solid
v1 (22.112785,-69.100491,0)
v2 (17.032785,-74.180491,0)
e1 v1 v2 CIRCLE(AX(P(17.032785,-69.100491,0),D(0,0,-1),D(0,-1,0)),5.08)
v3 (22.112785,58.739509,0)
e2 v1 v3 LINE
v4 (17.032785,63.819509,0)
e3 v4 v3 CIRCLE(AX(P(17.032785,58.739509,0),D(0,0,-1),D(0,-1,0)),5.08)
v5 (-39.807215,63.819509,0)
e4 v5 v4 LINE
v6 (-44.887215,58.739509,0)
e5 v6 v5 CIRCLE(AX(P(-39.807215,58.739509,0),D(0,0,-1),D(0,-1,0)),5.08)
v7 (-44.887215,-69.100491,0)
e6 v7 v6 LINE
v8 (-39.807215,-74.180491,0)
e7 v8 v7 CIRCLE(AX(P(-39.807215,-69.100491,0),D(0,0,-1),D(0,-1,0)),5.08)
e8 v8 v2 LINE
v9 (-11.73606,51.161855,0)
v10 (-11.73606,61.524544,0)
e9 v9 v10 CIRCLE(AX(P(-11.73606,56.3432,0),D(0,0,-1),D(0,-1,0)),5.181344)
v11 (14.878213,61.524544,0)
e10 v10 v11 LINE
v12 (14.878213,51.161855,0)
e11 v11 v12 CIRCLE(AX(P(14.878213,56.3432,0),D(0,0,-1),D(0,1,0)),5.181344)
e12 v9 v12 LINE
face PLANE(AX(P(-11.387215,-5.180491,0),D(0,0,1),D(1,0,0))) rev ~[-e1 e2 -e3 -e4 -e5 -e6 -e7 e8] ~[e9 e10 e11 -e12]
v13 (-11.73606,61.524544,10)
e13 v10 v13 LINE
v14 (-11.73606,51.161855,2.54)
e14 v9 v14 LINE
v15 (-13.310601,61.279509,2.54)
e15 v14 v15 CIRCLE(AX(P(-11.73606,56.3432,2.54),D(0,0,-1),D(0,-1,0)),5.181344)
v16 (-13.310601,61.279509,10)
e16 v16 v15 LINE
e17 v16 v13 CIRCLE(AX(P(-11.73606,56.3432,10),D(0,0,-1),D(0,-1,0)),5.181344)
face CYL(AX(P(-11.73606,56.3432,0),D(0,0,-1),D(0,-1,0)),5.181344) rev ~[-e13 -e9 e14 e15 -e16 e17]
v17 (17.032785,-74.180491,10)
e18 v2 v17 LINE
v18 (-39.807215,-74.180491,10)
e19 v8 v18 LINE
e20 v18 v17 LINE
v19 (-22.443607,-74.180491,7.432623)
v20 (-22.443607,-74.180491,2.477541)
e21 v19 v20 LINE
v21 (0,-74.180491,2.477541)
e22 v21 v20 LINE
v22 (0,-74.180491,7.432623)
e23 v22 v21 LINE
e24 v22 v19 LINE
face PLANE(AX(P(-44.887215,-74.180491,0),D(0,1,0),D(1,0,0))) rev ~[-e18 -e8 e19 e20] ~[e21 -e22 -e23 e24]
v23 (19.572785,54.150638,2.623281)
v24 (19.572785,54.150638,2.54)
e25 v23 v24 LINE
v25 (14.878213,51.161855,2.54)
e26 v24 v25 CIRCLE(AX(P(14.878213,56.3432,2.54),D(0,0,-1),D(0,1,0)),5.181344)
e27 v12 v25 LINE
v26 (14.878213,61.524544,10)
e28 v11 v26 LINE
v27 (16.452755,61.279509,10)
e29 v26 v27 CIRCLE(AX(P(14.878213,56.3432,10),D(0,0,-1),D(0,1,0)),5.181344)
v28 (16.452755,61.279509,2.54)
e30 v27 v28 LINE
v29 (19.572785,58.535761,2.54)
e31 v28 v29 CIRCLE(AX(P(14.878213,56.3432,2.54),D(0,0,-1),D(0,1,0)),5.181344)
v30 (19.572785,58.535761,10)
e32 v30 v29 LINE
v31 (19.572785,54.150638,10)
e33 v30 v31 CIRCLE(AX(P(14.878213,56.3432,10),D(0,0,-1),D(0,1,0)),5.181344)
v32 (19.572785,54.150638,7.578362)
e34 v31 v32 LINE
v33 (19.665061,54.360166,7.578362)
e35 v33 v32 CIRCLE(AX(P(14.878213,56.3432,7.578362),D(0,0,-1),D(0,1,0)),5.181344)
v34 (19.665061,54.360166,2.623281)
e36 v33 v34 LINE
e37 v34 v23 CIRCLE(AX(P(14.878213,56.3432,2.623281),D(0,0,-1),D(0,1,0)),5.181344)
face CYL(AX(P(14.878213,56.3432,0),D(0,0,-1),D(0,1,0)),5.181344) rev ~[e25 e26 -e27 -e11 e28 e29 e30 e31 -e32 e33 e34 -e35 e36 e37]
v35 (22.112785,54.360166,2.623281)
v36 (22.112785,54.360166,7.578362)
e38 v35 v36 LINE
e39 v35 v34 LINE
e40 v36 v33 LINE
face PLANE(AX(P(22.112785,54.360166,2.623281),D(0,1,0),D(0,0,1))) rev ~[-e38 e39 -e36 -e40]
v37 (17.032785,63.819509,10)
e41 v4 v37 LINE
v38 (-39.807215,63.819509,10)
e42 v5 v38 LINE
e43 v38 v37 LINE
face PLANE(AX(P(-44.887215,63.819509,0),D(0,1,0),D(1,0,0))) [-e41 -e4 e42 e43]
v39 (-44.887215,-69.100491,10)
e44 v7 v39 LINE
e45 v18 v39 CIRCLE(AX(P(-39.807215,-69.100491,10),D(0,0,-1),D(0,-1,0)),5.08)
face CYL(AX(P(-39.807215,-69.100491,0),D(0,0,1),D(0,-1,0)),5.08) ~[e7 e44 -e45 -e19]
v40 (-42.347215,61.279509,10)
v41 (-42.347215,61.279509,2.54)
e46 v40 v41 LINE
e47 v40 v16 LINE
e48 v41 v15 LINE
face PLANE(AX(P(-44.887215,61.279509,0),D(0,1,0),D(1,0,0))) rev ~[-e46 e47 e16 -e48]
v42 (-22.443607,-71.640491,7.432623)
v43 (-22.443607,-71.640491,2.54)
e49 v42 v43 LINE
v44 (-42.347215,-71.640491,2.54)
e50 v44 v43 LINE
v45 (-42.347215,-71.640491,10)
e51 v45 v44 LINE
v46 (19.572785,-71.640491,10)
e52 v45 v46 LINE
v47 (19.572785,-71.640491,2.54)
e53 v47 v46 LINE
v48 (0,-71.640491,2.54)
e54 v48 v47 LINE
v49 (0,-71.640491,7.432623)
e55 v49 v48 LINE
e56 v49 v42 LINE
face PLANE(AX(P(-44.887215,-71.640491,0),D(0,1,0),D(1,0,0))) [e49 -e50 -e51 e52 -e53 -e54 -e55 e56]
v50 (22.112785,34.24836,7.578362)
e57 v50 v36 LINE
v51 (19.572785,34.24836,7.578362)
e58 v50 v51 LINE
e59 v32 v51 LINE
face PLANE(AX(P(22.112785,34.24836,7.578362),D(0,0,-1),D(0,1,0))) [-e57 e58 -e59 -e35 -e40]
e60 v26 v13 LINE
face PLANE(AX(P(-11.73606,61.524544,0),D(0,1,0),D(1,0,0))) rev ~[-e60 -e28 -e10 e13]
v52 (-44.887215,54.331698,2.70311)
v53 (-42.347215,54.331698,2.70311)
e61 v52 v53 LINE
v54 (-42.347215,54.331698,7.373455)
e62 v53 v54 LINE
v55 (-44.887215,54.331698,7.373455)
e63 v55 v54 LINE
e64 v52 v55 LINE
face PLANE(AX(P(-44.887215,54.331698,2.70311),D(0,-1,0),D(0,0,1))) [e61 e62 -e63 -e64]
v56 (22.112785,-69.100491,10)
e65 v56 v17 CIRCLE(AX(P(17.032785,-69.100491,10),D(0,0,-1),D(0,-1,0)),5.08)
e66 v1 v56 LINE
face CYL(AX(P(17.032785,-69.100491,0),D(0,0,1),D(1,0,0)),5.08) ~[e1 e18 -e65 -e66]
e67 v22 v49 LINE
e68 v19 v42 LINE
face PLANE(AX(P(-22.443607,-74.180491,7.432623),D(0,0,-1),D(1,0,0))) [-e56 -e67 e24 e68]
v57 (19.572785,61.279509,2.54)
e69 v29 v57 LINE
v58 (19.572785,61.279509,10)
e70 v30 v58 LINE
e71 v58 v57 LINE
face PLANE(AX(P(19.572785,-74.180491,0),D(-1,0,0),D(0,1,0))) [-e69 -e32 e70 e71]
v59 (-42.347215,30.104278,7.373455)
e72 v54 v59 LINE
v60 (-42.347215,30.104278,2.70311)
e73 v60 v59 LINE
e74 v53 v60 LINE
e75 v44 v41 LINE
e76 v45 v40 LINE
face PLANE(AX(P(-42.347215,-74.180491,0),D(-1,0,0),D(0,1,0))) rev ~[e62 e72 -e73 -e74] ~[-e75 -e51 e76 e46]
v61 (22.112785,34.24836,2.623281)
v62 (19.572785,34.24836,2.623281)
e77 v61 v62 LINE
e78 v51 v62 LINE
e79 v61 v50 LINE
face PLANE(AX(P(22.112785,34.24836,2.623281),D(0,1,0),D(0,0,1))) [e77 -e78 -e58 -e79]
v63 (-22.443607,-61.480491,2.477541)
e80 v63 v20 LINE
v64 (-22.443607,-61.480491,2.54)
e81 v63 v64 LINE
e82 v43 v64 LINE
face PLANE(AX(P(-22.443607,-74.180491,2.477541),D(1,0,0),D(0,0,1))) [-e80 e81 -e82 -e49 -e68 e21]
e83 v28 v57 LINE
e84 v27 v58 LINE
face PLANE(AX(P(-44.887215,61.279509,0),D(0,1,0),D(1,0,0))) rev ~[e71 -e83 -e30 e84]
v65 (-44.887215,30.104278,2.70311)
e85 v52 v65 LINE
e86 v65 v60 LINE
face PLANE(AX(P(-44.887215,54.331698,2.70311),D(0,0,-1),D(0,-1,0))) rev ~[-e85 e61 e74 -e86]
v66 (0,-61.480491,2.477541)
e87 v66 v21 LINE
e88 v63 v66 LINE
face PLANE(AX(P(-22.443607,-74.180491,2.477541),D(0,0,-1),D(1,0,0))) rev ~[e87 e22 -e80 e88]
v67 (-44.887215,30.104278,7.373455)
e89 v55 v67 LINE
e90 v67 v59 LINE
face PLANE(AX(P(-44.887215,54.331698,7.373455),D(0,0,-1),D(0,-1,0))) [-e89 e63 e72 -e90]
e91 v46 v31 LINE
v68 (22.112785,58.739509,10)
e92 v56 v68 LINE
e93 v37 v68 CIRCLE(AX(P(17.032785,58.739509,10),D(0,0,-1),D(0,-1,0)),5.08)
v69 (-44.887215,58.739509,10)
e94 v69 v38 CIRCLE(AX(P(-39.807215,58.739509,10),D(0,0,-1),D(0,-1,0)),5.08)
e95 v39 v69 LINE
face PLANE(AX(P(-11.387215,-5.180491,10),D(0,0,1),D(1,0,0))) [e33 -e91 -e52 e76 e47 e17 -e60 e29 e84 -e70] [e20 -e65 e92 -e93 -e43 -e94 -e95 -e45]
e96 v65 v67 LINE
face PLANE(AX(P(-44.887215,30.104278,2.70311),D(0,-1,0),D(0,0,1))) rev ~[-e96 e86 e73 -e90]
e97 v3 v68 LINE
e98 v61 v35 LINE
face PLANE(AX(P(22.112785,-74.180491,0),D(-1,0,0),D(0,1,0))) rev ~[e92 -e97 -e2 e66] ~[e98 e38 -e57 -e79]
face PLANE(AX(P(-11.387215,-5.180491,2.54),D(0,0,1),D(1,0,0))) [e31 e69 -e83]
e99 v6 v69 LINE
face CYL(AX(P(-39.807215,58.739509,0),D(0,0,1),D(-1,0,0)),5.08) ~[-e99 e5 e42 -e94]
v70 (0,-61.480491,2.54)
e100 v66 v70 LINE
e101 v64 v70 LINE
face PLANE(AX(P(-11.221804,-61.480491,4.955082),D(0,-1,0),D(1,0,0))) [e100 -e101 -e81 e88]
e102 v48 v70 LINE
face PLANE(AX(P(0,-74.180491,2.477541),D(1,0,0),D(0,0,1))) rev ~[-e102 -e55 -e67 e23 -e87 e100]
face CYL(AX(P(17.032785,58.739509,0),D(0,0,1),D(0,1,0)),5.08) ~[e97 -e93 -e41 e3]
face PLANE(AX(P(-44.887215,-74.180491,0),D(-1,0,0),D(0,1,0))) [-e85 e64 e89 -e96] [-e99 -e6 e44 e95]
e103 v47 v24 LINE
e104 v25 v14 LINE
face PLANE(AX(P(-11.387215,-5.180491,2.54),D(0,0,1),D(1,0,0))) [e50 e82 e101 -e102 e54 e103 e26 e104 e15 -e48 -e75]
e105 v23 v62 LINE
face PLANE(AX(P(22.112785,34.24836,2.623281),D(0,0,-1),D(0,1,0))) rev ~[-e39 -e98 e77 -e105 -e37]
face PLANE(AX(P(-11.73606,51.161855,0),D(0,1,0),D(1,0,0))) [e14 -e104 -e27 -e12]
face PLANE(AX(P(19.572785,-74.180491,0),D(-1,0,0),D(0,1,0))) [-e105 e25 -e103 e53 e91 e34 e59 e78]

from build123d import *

# Parameters (mm, degrees)
F0_W      = 67
F0_H      = 138
F1_DEPTH  = 10
F2_T      = -2.54
F3_R      = 5.08
F4_R      = 5.08
F5_R      = 5.08
F6_R      = 5.08
F7_W      = 26.614272967
F7_H      = 10.362688452
F8_DEPTH  = 25.4
F9_W      = 22.4436074495
F9_H      = 4.9550822005
F10_DEPTH = 12.7
F11_W     = 24.2274198681
F11_H     = 4.6703449916
F12_DEPTH = 25.4
F13_W     = 20.1118066907
F13_H     = 4.9550810363
F14_DEPTH = 25.4


with BuildPart() as f1:
    # F0 (on Top) → F1 (new body)
    with BuildSketch(Plane.XY):
        with Locations((-11.3872148991, -5.1804912686)):
            Rectangle(F0_W, F0_H)
    extrude(amount=F1_DEPTH)

    # F2
    f2_openings = [f1.faces().sort_by_distance(p)[0] for p in [
        (-11.387215, -5.180491, 10),
    ]]
    offset(amount=F2_T, openings=f2_openings)

    # F3
    f3_edges = [f1.edges().sort_by_distance(p)[0] for p in [
        (-44.887215, 63.819509, 5),
    ]]
    fillet(f3_edges, radius=F3_R)

    # F4
    f4_edges = [f1.edges().sort_by_distance(p)[0] for p in [
        (22.112785, 63.819509, 5),
    ]]
    fillet(f4_edges, radius=F4_R)

    # F5
    f5_edges = [f1.edges().sort_by_distance(p)[0] for p in [
        (22.112785, -74.180491, 5),
    ]]
    fillet(f5_edges, radius=F5_R)

    # F6
    f6_edges = [f1.edges().sort_by_distance(p)[0] for p in [
        (-44.887215, -74.180491, 5),
    ]]
    fillet(f6_edges, radius=F6_R)

    # F7 (on face) → F8 (cut)
    with BuildSketch(Plane(origin=(0, 0, 0), x_dir=(1, 0, 0), z_dir=(0, 0, -1))):
        with Locations((1.5710769221, -56.3431996852)):
            Rectangle(F7_W, F7_H)
        with BuildLine():
            Line((14.8782134056, -51.1618554592), (14.8782134056, -61.5245439112))
            ThreePointArc((14.8782134056, -61.5245439112), (20.0595576316, -56.3431996852), (14.8782134056, -51.1618554592))
        make_face()
        with BuildLine():
            ThreePointArc((-11.7360595614, -51.1618554592), (-16.9174037874, -56.3431996852), (-11.7360595614, -61.5245439112))
            Line((-11.7360595614, -61.5245439112), (-11.7360595614, -51.1618554592))
        make_face()
    extrude(amount=-F8_DEPTH, mode=Mode.SUBTRACT)

    # F9 (on face) → F10 (cut, symmetric)
    with BuildSketch(Plane.XZ.offset(74.1804912686)):
        with Locations((-11.2218037248, 4.9550822005)):
            Rectangle(F9_W, F9_H)
    extrude(amount=F10_DEPTH, both=True, mode=Mode.SUBTRACT)

    # F11 (on face) → F12 (cut)
    with BuildSketch(Plane(origin=(-44.8872148991, 0, 0), x_dir=(0, -1, 0), z_dir=(-1, 0, 0))):
        with Locations((-42.2179875895, 5.0382829504)):
            Rectangle(F11_W, F11_H)
    extrude(amount=-F12_DEPTH, mode=Mode.SUBTRACT)

    # F13 (on face) → F14 (cut)
    with BuildSketch(Plane.YZ.offset(22.1127851009)):
        with Locations((44.3042628467, 5.1008212613)):
            Rectangle(F13_W, F13_H)
    extrude(amount=-F14_DEPTH, mode=Mode.SUBTRACT)


solid = f1.part
